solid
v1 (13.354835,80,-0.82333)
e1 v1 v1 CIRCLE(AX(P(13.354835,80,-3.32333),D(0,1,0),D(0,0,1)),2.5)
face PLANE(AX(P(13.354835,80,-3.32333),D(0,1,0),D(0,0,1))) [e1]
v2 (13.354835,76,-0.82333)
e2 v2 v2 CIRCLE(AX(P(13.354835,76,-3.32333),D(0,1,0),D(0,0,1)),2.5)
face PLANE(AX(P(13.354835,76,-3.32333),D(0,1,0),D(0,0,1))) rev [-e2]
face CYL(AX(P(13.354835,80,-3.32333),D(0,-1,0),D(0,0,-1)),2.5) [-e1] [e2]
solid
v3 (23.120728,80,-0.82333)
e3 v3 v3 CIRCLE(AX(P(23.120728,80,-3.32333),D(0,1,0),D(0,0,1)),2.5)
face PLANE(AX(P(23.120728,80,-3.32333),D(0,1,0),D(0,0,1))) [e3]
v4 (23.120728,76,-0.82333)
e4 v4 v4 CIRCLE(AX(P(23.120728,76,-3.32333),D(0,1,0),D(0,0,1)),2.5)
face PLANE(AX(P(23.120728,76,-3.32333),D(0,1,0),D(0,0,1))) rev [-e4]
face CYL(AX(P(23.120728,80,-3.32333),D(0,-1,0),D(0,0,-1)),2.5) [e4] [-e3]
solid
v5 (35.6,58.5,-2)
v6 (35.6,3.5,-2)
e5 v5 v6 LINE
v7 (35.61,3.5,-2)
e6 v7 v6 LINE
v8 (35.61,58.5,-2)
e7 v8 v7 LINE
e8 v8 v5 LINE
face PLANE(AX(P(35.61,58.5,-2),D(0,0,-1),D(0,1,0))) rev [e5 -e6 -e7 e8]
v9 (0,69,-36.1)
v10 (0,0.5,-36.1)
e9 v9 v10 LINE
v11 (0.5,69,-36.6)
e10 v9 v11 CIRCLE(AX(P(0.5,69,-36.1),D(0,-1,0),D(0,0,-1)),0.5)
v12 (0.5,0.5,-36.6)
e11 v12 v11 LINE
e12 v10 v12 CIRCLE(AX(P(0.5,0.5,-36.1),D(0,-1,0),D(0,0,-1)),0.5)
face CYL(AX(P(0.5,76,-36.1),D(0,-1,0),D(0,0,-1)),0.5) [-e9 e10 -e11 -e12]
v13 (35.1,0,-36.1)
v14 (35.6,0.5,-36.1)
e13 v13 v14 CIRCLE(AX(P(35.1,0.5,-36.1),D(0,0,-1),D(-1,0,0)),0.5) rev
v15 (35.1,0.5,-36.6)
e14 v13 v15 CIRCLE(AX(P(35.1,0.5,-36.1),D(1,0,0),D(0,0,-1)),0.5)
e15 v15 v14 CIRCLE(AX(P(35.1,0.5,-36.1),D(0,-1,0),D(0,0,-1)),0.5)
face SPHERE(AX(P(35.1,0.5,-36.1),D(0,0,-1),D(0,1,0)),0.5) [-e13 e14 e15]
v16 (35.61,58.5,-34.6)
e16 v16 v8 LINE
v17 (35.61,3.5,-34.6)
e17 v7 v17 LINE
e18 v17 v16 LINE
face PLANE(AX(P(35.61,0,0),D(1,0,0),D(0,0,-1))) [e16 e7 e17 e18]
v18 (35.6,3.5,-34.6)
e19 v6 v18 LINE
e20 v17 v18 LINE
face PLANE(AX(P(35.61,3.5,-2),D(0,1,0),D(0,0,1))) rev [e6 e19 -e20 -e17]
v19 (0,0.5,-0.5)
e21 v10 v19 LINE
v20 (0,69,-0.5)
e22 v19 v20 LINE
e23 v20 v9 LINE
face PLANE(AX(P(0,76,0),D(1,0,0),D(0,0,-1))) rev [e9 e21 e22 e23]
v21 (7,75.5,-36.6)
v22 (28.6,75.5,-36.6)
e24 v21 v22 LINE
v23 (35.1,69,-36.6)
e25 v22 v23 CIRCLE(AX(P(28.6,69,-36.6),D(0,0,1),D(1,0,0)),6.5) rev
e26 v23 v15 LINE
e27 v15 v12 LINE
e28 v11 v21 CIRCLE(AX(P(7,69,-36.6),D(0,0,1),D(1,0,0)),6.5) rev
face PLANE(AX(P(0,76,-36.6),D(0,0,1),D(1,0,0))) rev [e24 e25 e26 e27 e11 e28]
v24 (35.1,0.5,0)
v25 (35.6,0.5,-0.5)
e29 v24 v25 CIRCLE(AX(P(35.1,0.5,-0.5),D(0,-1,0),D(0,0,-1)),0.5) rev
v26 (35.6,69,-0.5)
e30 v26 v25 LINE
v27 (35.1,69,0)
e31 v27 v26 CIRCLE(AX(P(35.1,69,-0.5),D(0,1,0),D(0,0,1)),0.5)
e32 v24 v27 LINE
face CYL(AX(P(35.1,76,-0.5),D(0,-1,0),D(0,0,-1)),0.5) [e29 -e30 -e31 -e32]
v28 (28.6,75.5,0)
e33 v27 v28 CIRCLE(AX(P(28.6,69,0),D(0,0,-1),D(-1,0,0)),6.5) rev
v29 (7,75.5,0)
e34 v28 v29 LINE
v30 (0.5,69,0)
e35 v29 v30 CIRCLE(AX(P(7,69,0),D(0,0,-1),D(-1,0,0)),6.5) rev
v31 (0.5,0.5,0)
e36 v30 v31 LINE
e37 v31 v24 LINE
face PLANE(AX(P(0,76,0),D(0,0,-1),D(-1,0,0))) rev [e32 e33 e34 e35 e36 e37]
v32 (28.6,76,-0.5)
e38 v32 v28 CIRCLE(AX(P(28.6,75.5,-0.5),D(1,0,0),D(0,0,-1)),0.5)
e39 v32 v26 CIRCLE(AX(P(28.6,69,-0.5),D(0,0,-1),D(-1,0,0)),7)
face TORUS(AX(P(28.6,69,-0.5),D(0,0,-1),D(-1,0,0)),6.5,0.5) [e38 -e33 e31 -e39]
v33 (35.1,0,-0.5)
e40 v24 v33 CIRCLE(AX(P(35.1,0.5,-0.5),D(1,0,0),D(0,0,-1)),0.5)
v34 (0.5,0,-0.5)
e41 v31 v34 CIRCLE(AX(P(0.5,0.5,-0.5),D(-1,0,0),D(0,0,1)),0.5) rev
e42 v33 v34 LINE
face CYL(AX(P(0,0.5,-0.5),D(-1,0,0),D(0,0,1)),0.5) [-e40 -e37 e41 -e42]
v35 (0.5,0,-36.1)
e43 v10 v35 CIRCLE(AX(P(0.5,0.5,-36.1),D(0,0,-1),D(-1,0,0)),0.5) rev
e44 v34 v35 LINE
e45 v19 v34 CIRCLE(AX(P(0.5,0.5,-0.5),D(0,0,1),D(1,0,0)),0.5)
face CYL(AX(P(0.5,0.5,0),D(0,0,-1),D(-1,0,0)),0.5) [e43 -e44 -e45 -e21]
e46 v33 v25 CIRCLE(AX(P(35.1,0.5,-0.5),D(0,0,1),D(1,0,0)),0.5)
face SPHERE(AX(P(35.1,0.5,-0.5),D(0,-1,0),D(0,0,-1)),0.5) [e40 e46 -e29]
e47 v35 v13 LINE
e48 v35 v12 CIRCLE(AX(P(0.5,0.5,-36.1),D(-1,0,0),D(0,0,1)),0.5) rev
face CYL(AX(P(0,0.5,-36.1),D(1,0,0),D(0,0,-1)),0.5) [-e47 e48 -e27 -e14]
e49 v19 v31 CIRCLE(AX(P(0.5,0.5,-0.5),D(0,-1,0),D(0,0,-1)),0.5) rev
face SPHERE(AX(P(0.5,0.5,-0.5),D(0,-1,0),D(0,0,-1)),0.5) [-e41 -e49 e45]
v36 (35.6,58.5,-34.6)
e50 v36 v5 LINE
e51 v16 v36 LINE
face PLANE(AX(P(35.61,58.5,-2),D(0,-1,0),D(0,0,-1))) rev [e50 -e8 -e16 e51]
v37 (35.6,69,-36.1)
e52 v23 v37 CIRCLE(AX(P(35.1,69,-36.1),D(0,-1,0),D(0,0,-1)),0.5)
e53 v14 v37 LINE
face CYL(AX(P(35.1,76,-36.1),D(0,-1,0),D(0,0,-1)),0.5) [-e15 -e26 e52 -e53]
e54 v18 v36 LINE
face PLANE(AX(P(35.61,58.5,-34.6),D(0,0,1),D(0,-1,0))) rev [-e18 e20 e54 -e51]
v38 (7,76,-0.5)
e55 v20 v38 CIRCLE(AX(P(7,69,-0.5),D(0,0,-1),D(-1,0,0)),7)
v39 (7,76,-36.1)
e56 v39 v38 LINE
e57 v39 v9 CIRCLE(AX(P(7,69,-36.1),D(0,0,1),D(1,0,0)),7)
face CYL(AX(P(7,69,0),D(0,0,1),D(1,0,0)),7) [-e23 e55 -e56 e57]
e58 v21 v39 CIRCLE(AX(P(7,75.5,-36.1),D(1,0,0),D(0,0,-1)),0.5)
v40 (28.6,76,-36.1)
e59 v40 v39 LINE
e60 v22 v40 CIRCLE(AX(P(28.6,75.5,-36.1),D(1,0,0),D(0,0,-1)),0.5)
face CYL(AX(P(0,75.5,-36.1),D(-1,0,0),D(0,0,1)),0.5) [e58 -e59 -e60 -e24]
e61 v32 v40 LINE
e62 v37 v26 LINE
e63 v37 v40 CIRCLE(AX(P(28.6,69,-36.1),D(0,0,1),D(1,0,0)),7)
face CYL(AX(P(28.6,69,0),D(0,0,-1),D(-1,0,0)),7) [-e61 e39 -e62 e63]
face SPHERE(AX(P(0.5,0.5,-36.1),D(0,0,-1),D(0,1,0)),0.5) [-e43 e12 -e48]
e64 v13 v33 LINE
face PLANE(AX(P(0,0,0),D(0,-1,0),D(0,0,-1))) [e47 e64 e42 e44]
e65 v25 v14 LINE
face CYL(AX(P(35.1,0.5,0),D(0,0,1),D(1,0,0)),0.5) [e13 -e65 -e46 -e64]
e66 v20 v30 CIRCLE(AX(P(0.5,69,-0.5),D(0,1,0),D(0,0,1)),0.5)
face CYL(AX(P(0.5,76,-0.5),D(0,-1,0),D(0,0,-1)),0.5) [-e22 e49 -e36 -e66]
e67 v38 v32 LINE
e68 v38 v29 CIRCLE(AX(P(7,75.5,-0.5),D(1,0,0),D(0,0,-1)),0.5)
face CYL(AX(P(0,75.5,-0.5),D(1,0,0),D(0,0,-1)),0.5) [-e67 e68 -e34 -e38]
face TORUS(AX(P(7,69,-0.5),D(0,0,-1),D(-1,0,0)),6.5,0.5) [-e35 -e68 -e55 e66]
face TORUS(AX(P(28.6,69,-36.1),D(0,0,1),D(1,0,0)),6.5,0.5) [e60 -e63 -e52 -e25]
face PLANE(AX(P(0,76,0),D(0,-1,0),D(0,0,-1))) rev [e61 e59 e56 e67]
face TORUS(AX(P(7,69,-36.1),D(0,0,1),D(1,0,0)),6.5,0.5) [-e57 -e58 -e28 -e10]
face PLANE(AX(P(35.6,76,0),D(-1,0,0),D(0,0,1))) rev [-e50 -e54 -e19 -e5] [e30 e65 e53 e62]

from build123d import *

# Parameters (mm, degrees)
SKETCH1_W             = 35.6
SKETCH1_H             = 36.6
BOSS_EXTRUDE1_DEPTH   = 76
SKETCH2_R             = 2.5
BOSS_EXTRUDE2_DEPTH   = 4
BOSS_EXTRUDE2_2_DEPTH = 4
FILLET1_R             = 7
FILLET2_R             = 0.5
SKETCH3_W             = 32.6
SKETCH3_H             = 55
BOSS_EXTRUDE3_DEPTH   = 0.01


with BuildPart() as part:
    # Sketch1 → Boss-Extrude1 (new body)
    with BuildSketch(Plane(origin=(0, 0, 0), x_dir=(1, 0, 0), z_dir=(0, 1, 0))):
        with Locations((17.8, 18.3)):
            Rectangle(SKETCH1_W, SKETCH1_H)
    extrude(amount=BOSS_EXTRUDE1_DEPTH)

    # Fillet1
    fillet1_edges = [part.edges().sort_by_distance(p)[0] for p in [
        (35.6, 76, -18.3),
        (0, 76, -18.3),
    ]]
    fillet(fillet1_edges, radius=FILLET1_R)

    # Fillet2
    fillet2_edges = [part.edges().sort_by_distance(p)[0] for p in [
        (17.8, 76, 0),
        (17.8, 76, -36.6),
        (35.6, 34.5, 0),
        (0, 34.5, 0),
        (33.549747468, 73.949747468, 0),
        (2.050252532, 73.949747468, 0),
        (0, 34.5, -36.6),
        (35.6, 34.5, -36.6),
        (33.549747468, 73.949747468, -36.6),
        (2.050252532, 73.949747468, -36.6),
        (17.8, 0, -36.6),
        (35.6, 0, -18.3),
        (17.8, 0, 0),
        (0, 0, -18.3),
    ]]
    fillet(fillet2_edges, radius=FILLET2_R)

    # Sketch3 → Boss-Extrude3 (add)
    with BuildSketch(Plane(origin=(35.6, 0, 0), x_dir=(0, 0, -1), z_dir=(1, 0, 0))):
        with Locations((18.3, 31)):
            Rectangle(SKETCH3_W, SKETCH3_H)
    extrude(amount=BOSS_EXTRUDE3_DEPTH)


with BuildPart() as body_2:
    # Sketch2 → Boss-Extrude2 (new body)
    with BuildSketch(Plane(origin=(0, 76, 0), x_dir=(1, 0, 0), z_dir=(0, 1, 0))):
        with Locations((13.354835188, 3.323329695)):
            Circle(SKETCH2_R)
    extrude(amount=BOSS_EXTRUDE2_DEPTH)


with BuildPart() as body_3:
    # Sketch2 → Boss-Extrude2 2 (new body)
    with BuildSketch(Plane(origin=(0, 76, 0), x_dir=(1, 0, 0), z_dir=(0, 1, 0))):
        with Locations((23.120727578, 3.323329695)):
            Circle(SKETCH2_R)
    extrude(amount=BOSS_EXTRUDE2_2_DEPTH)


solid = Compound([part.part, body_2.part, body_3.part])
